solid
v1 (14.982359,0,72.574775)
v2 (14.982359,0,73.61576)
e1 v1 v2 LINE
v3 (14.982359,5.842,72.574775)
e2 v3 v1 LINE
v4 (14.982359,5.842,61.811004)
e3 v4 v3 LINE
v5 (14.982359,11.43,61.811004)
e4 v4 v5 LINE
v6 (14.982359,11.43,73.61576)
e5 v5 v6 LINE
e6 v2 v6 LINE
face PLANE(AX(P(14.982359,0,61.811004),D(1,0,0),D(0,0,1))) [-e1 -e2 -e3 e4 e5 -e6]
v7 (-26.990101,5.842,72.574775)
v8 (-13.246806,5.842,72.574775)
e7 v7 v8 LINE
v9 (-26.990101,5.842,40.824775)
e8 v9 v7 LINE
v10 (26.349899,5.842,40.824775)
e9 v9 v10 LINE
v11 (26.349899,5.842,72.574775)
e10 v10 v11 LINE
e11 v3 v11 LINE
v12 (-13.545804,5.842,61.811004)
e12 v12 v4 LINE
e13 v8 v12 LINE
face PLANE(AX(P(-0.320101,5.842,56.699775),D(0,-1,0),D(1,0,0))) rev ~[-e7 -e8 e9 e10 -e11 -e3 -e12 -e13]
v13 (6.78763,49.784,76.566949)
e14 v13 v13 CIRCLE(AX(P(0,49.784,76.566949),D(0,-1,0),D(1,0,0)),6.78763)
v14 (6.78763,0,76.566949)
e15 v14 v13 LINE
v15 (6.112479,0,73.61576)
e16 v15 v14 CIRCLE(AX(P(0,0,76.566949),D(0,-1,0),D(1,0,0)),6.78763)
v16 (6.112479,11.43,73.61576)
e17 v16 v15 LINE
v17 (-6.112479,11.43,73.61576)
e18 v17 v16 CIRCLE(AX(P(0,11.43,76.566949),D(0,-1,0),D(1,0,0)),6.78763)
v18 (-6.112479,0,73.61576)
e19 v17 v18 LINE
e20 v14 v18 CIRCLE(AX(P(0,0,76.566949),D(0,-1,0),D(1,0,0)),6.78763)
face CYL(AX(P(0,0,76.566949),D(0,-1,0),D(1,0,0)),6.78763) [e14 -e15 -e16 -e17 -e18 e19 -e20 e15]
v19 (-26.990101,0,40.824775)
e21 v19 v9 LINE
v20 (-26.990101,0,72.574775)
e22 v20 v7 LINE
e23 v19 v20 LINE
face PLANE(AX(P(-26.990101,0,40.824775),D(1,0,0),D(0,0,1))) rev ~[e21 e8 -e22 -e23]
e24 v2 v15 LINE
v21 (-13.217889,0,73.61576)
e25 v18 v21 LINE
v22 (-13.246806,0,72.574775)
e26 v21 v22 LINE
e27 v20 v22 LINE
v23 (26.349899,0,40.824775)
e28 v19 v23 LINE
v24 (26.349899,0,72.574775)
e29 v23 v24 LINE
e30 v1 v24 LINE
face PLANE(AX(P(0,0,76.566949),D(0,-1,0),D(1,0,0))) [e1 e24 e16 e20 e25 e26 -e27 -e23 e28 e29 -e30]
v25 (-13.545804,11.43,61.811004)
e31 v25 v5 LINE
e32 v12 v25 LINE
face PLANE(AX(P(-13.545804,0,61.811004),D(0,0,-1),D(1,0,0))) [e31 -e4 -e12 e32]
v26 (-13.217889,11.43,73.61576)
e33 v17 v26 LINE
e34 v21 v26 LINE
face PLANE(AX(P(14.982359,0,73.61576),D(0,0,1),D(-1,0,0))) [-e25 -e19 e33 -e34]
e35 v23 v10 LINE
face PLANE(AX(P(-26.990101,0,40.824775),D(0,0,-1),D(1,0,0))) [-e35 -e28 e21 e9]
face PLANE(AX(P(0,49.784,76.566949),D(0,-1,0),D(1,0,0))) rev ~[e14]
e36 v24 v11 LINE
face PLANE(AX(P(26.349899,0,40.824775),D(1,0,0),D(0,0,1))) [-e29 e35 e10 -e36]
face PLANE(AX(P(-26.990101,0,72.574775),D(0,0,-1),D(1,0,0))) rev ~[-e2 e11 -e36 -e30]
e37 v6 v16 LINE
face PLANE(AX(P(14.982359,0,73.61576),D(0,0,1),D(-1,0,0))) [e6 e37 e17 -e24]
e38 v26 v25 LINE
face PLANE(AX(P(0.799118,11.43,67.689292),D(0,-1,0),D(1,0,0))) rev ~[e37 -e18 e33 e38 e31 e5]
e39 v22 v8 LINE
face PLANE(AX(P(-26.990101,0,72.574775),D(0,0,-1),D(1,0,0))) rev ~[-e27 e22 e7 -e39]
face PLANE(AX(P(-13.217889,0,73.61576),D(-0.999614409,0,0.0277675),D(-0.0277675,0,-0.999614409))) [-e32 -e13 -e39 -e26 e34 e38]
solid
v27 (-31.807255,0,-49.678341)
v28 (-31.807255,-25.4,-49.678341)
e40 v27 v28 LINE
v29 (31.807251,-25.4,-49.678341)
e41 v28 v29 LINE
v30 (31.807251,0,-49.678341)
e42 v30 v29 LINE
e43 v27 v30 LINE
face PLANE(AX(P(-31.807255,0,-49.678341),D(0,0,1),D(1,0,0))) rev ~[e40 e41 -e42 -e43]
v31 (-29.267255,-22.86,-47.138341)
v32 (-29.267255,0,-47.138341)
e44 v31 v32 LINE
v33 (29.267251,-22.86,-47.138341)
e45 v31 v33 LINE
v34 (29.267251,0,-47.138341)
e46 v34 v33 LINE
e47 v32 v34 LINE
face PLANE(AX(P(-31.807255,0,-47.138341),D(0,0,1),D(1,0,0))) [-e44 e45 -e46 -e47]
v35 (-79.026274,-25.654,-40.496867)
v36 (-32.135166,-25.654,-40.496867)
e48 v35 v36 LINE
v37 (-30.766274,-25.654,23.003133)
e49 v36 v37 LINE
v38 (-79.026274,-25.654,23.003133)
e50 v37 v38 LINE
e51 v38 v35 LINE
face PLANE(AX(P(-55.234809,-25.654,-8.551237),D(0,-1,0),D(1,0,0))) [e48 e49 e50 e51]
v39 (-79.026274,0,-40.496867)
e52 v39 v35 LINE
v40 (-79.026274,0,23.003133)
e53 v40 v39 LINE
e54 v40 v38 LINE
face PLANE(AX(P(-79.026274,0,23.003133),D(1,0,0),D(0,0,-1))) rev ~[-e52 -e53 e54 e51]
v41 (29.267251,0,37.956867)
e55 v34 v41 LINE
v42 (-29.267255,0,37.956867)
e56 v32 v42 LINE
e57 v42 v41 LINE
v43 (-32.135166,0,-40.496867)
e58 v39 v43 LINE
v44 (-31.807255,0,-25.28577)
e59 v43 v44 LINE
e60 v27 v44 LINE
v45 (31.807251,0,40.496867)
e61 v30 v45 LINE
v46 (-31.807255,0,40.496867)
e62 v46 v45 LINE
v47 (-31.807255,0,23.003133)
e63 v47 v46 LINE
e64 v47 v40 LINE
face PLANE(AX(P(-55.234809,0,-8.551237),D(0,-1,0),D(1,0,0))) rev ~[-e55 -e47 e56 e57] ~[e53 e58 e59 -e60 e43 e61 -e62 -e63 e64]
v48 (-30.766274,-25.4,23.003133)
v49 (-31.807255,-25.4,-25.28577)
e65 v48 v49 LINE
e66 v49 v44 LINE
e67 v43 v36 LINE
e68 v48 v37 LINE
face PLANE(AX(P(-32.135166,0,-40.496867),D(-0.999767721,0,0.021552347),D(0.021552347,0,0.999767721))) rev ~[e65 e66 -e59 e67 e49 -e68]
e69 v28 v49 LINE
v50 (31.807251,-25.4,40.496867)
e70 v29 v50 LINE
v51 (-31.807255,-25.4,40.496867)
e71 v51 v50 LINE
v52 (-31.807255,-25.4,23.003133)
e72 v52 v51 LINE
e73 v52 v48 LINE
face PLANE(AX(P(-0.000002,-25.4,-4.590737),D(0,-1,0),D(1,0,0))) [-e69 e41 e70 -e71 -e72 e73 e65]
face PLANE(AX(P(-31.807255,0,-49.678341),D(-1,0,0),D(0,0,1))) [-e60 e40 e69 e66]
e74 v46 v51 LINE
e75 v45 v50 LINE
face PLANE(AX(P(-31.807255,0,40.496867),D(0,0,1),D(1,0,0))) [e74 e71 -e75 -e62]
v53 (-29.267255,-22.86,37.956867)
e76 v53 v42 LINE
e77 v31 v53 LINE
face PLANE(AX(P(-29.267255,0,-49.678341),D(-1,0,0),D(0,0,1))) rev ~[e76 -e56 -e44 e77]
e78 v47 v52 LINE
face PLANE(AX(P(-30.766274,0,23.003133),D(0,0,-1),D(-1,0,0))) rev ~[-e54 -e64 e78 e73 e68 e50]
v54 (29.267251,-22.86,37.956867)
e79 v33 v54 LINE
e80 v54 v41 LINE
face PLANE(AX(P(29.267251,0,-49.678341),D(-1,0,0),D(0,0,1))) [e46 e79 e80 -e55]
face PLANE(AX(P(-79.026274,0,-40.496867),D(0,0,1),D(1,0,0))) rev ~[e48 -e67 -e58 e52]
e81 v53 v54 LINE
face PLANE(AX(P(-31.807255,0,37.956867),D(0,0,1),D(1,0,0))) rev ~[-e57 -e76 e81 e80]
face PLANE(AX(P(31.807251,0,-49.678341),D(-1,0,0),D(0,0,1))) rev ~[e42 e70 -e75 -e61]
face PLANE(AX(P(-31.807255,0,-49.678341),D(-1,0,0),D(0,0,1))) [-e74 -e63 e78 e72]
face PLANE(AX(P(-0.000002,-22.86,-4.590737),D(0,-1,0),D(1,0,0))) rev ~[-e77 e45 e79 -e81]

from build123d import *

# Parameters (mm, degrees)
F0_W      = 63.614506
F0_H      = 90.175208
F1_DEPTH  = 25.4
F2_T      = -2.54
F4_DEPTH  = 25.654
F5_W      = 53.34
F5_H      = 31.75
F6_DEPTH  = 5.842
F8_DEPTH  = 11.43
F9_R      = 6.78763
F10_DEPTH = 49.784


with BuildPart() as f1:
    # F0 (on Front) → F1 (new body)
    with BuildSketch(Plane.XZ):
        with Locations((-2e-06, -4.590737)):
            Rectangle(F0_W, F0_H)
    extrude(amount=F1_DEPTH)

    # F2
    f2_openings = [f1.faces().sort_by_distance(p)[0] for p in [
        (-2e-06, 0, -4.590737),
    ]]
    offset(amount=F2_T, openings=f2_openings)

    # F3 (on Front) → F4 (join)
    with BuildSketch(Plane.XZ):
        Polygon((-32.135166, -40.496867), (-30.766274, 23.003133), (-79.026274, 23.003133), (-79.026274, -40.496867), align=None)
    extrude(amount=F4_DEPTH)


with BuildPart() as f6:
    # F5 (on Front) → F6 (new body)
    with BuildSketch(Plane.XZ):
        with Locations((-0.320101, 56.699775)):
            Rectangle(F5_W, F5_H)
    extrude(amount=-F6_DEPTH)

    # F7 (on Front) → F8 (join)
    with BuildSketch(Plane.XZ):
        Polygon((-13.545804, 61.811004), (14.982359, 61.811004), (14.982359, 73.61576), (-13.217889, 73.61576), align=None)
    extrude(amount=-F8_DEPTH)

    # F9 (on Front) → F10 (join)
    with BuildSketch(Plane.XZ):
        with Locations((0, 76.566949)):
            Circle(F9_R)
    extrude(amount=-F10_DEPTH)


solid = Compound([f1.part, f6.part])
